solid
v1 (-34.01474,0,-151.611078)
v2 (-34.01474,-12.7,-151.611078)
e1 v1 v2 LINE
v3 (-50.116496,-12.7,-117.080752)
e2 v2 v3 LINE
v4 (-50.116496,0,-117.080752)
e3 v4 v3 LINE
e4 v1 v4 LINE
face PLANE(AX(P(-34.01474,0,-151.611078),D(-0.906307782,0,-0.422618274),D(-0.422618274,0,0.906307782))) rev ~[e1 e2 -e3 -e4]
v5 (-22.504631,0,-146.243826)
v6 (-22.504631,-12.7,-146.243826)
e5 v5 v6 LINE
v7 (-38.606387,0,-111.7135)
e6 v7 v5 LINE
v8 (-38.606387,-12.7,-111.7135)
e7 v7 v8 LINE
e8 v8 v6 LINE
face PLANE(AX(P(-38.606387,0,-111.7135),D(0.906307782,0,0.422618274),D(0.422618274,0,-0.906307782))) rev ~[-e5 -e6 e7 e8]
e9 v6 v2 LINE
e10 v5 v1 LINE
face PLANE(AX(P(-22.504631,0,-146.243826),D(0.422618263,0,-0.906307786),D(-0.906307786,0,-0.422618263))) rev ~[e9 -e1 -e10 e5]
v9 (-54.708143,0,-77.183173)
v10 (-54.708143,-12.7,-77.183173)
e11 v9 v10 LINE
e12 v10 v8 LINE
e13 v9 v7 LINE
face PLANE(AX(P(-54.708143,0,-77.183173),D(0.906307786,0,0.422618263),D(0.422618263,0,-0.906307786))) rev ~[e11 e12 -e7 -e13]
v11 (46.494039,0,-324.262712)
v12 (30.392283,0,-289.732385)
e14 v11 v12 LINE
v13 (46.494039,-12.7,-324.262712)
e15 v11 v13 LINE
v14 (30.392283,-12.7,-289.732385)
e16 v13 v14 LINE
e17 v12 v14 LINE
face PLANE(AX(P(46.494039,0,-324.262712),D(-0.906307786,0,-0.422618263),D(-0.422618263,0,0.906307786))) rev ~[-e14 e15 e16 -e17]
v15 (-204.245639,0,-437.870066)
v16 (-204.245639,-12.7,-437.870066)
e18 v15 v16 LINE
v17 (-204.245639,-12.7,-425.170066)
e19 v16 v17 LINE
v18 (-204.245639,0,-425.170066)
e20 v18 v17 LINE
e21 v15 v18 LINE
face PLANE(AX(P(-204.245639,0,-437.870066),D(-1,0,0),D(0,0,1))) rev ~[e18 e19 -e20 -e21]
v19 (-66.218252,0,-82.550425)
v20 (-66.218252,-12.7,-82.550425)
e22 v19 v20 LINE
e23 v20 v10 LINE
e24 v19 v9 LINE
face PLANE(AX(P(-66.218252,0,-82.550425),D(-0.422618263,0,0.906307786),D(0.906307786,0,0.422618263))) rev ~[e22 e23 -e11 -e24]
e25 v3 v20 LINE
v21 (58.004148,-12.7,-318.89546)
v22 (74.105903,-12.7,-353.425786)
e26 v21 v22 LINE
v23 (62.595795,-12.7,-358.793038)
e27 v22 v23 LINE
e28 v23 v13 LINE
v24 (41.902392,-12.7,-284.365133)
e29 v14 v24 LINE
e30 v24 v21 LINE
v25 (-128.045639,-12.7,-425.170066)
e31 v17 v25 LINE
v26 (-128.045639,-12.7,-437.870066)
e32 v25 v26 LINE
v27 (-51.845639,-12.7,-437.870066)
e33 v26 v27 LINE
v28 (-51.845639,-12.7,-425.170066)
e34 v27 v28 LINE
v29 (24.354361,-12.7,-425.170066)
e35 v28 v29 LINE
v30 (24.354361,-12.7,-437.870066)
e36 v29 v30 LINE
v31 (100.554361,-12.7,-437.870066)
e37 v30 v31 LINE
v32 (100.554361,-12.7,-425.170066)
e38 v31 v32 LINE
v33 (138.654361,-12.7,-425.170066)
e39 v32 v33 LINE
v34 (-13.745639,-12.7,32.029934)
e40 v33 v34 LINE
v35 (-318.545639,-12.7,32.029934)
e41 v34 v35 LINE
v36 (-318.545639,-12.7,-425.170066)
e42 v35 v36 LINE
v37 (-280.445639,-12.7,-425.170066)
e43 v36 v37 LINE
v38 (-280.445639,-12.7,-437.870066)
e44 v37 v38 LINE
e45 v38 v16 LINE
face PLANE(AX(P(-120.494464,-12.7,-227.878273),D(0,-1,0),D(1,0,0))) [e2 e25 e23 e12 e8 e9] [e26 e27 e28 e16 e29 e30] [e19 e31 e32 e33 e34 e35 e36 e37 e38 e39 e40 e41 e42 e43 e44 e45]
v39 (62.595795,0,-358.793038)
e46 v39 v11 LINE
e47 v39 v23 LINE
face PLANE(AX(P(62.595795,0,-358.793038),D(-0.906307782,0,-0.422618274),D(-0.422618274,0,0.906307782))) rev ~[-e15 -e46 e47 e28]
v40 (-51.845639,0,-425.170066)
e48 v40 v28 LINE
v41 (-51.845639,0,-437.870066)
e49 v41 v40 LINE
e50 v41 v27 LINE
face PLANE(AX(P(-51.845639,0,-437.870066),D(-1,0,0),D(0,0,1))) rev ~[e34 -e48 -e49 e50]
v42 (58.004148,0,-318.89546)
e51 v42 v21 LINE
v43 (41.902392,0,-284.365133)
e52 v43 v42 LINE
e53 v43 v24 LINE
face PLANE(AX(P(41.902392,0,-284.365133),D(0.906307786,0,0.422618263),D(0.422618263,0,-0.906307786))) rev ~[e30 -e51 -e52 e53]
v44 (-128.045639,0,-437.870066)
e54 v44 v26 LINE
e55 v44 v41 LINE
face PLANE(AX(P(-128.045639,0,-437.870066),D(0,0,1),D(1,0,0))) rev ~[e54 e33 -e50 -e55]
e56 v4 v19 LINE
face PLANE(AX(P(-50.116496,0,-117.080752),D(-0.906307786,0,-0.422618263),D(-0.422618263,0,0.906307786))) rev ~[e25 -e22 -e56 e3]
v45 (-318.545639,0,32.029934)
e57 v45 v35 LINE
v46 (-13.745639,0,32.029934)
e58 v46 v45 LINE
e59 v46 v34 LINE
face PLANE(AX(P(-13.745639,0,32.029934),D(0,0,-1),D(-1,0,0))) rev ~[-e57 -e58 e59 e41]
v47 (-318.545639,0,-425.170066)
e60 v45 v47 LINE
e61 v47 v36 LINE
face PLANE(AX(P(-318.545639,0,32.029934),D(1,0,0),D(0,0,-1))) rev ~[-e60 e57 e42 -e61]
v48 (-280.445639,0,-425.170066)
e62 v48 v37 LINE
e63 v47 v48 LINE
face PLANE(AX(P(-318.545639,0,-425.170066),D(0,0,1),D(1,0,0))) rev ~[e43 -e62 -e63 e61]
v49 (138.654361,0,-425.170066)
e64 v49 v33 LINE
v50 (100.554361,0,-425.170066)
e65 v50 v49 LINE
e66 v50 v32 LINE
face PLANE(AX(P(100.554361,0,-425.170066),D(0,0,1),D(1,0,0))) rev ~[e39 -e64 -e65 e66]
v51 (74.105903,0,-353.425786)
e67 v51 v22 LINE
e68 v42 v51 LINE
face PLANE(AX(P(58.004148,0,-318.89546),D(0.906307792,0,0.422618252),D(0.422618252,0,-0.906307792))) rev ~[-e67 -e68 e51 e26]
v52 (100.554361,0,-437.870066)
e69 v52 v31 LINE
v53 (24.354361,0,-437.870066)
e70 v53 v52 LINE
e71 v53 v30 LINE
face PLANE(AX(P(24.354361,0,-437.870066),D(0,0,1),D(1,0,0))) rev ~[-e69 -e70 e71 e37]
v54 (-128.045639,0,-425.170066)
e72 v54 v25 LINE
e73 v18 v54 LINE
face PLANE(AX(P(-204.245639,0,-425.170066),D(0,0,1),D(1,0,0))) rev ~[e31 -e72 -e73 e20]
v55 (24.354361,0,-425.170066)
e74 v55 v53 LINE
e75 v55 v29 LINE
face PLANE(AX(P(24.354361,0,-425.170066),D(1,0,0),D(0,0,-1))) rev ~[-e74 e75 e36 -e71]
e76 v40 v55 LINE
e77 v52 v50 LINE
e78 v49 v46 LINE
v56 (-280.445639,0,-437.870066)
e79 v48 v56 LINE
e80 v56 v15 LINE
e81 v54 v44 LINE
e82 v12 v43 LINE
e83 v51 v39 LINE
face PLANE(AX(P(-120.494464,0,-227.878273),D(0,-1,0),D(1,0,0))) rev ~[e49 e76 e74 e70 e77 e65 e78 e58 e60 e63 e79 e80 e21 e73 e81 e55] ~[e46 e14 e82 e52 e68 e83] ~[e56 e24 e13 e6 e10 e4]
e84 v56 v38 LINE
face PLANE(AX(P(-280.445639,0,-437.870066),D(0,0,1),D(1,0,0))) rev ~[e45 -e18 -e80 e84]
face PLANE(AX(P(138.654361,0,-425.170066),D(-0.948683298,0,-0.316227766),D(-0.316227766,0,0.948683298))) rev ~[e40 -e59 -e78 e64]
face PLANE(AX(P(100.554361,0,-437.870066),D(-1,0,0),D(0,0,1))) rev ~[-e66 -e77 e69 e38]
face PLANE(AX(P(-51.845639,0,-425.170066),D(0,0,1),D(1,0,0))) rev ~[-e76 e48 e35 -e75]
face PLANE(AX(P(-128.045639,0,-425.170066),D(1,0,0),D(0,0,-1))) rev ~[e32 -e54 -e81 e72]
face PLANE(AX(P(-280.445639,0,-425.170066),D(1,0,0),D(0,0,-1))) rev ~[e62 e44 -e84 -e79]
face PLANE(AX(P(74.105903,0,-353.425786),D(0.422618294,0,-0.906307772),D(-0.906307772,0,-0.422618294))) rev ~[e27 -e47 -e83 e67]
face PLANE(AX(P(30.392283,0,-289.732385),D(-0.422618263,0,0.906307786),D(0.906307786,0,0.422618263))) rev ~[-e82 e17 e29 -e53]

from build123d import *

# Parameters (mm, degrees)
F1_DEPTH = 12.7


with BuildPart() as f1:
    # F0 (on Front) → F1 (new body)
    with BuildSketch(Plane.XZ):
        Polygon((-13.745639, 32.029934), (-318.545639, 32.029934), (-318.545639, -425.170066), (-280.445639, -425.170066), (-280.445639, -437.870066), (-204.245639, -437.870066), (-204.245639, -425.170066), (-128.045639, -425.170066), (-128.045639, -437.870066), (-51.845639, -437.870066), (-51.845639, -425.170066), (24.354361, -425.170066), (24.354361, -437.870066), (100.554361, -437.870066), (100.554361, -425.170066), (138.654361, -425.170066), align=None)
        Polygon((46.494039, -324.262712), (30.392283, -289.732385), (41.902392, -284.365133), (58.004148, -318.89546), (74.105903, -353.425786), (62.595795, -358.793038), align=None, mode=Mode.SUBTRACT)
        Polygon((-54.708143, -77.183173), (-38.606387, -111.7135), (-22.504631, -146.243826), (-34.01474, -151.611078), (-50.116496, -117.080752), (-66.218252, -82.550425), align=None, mode=Mode.SUBTRACT)
    extrude(amount=F1_DEPTH)


solid = f1.part
